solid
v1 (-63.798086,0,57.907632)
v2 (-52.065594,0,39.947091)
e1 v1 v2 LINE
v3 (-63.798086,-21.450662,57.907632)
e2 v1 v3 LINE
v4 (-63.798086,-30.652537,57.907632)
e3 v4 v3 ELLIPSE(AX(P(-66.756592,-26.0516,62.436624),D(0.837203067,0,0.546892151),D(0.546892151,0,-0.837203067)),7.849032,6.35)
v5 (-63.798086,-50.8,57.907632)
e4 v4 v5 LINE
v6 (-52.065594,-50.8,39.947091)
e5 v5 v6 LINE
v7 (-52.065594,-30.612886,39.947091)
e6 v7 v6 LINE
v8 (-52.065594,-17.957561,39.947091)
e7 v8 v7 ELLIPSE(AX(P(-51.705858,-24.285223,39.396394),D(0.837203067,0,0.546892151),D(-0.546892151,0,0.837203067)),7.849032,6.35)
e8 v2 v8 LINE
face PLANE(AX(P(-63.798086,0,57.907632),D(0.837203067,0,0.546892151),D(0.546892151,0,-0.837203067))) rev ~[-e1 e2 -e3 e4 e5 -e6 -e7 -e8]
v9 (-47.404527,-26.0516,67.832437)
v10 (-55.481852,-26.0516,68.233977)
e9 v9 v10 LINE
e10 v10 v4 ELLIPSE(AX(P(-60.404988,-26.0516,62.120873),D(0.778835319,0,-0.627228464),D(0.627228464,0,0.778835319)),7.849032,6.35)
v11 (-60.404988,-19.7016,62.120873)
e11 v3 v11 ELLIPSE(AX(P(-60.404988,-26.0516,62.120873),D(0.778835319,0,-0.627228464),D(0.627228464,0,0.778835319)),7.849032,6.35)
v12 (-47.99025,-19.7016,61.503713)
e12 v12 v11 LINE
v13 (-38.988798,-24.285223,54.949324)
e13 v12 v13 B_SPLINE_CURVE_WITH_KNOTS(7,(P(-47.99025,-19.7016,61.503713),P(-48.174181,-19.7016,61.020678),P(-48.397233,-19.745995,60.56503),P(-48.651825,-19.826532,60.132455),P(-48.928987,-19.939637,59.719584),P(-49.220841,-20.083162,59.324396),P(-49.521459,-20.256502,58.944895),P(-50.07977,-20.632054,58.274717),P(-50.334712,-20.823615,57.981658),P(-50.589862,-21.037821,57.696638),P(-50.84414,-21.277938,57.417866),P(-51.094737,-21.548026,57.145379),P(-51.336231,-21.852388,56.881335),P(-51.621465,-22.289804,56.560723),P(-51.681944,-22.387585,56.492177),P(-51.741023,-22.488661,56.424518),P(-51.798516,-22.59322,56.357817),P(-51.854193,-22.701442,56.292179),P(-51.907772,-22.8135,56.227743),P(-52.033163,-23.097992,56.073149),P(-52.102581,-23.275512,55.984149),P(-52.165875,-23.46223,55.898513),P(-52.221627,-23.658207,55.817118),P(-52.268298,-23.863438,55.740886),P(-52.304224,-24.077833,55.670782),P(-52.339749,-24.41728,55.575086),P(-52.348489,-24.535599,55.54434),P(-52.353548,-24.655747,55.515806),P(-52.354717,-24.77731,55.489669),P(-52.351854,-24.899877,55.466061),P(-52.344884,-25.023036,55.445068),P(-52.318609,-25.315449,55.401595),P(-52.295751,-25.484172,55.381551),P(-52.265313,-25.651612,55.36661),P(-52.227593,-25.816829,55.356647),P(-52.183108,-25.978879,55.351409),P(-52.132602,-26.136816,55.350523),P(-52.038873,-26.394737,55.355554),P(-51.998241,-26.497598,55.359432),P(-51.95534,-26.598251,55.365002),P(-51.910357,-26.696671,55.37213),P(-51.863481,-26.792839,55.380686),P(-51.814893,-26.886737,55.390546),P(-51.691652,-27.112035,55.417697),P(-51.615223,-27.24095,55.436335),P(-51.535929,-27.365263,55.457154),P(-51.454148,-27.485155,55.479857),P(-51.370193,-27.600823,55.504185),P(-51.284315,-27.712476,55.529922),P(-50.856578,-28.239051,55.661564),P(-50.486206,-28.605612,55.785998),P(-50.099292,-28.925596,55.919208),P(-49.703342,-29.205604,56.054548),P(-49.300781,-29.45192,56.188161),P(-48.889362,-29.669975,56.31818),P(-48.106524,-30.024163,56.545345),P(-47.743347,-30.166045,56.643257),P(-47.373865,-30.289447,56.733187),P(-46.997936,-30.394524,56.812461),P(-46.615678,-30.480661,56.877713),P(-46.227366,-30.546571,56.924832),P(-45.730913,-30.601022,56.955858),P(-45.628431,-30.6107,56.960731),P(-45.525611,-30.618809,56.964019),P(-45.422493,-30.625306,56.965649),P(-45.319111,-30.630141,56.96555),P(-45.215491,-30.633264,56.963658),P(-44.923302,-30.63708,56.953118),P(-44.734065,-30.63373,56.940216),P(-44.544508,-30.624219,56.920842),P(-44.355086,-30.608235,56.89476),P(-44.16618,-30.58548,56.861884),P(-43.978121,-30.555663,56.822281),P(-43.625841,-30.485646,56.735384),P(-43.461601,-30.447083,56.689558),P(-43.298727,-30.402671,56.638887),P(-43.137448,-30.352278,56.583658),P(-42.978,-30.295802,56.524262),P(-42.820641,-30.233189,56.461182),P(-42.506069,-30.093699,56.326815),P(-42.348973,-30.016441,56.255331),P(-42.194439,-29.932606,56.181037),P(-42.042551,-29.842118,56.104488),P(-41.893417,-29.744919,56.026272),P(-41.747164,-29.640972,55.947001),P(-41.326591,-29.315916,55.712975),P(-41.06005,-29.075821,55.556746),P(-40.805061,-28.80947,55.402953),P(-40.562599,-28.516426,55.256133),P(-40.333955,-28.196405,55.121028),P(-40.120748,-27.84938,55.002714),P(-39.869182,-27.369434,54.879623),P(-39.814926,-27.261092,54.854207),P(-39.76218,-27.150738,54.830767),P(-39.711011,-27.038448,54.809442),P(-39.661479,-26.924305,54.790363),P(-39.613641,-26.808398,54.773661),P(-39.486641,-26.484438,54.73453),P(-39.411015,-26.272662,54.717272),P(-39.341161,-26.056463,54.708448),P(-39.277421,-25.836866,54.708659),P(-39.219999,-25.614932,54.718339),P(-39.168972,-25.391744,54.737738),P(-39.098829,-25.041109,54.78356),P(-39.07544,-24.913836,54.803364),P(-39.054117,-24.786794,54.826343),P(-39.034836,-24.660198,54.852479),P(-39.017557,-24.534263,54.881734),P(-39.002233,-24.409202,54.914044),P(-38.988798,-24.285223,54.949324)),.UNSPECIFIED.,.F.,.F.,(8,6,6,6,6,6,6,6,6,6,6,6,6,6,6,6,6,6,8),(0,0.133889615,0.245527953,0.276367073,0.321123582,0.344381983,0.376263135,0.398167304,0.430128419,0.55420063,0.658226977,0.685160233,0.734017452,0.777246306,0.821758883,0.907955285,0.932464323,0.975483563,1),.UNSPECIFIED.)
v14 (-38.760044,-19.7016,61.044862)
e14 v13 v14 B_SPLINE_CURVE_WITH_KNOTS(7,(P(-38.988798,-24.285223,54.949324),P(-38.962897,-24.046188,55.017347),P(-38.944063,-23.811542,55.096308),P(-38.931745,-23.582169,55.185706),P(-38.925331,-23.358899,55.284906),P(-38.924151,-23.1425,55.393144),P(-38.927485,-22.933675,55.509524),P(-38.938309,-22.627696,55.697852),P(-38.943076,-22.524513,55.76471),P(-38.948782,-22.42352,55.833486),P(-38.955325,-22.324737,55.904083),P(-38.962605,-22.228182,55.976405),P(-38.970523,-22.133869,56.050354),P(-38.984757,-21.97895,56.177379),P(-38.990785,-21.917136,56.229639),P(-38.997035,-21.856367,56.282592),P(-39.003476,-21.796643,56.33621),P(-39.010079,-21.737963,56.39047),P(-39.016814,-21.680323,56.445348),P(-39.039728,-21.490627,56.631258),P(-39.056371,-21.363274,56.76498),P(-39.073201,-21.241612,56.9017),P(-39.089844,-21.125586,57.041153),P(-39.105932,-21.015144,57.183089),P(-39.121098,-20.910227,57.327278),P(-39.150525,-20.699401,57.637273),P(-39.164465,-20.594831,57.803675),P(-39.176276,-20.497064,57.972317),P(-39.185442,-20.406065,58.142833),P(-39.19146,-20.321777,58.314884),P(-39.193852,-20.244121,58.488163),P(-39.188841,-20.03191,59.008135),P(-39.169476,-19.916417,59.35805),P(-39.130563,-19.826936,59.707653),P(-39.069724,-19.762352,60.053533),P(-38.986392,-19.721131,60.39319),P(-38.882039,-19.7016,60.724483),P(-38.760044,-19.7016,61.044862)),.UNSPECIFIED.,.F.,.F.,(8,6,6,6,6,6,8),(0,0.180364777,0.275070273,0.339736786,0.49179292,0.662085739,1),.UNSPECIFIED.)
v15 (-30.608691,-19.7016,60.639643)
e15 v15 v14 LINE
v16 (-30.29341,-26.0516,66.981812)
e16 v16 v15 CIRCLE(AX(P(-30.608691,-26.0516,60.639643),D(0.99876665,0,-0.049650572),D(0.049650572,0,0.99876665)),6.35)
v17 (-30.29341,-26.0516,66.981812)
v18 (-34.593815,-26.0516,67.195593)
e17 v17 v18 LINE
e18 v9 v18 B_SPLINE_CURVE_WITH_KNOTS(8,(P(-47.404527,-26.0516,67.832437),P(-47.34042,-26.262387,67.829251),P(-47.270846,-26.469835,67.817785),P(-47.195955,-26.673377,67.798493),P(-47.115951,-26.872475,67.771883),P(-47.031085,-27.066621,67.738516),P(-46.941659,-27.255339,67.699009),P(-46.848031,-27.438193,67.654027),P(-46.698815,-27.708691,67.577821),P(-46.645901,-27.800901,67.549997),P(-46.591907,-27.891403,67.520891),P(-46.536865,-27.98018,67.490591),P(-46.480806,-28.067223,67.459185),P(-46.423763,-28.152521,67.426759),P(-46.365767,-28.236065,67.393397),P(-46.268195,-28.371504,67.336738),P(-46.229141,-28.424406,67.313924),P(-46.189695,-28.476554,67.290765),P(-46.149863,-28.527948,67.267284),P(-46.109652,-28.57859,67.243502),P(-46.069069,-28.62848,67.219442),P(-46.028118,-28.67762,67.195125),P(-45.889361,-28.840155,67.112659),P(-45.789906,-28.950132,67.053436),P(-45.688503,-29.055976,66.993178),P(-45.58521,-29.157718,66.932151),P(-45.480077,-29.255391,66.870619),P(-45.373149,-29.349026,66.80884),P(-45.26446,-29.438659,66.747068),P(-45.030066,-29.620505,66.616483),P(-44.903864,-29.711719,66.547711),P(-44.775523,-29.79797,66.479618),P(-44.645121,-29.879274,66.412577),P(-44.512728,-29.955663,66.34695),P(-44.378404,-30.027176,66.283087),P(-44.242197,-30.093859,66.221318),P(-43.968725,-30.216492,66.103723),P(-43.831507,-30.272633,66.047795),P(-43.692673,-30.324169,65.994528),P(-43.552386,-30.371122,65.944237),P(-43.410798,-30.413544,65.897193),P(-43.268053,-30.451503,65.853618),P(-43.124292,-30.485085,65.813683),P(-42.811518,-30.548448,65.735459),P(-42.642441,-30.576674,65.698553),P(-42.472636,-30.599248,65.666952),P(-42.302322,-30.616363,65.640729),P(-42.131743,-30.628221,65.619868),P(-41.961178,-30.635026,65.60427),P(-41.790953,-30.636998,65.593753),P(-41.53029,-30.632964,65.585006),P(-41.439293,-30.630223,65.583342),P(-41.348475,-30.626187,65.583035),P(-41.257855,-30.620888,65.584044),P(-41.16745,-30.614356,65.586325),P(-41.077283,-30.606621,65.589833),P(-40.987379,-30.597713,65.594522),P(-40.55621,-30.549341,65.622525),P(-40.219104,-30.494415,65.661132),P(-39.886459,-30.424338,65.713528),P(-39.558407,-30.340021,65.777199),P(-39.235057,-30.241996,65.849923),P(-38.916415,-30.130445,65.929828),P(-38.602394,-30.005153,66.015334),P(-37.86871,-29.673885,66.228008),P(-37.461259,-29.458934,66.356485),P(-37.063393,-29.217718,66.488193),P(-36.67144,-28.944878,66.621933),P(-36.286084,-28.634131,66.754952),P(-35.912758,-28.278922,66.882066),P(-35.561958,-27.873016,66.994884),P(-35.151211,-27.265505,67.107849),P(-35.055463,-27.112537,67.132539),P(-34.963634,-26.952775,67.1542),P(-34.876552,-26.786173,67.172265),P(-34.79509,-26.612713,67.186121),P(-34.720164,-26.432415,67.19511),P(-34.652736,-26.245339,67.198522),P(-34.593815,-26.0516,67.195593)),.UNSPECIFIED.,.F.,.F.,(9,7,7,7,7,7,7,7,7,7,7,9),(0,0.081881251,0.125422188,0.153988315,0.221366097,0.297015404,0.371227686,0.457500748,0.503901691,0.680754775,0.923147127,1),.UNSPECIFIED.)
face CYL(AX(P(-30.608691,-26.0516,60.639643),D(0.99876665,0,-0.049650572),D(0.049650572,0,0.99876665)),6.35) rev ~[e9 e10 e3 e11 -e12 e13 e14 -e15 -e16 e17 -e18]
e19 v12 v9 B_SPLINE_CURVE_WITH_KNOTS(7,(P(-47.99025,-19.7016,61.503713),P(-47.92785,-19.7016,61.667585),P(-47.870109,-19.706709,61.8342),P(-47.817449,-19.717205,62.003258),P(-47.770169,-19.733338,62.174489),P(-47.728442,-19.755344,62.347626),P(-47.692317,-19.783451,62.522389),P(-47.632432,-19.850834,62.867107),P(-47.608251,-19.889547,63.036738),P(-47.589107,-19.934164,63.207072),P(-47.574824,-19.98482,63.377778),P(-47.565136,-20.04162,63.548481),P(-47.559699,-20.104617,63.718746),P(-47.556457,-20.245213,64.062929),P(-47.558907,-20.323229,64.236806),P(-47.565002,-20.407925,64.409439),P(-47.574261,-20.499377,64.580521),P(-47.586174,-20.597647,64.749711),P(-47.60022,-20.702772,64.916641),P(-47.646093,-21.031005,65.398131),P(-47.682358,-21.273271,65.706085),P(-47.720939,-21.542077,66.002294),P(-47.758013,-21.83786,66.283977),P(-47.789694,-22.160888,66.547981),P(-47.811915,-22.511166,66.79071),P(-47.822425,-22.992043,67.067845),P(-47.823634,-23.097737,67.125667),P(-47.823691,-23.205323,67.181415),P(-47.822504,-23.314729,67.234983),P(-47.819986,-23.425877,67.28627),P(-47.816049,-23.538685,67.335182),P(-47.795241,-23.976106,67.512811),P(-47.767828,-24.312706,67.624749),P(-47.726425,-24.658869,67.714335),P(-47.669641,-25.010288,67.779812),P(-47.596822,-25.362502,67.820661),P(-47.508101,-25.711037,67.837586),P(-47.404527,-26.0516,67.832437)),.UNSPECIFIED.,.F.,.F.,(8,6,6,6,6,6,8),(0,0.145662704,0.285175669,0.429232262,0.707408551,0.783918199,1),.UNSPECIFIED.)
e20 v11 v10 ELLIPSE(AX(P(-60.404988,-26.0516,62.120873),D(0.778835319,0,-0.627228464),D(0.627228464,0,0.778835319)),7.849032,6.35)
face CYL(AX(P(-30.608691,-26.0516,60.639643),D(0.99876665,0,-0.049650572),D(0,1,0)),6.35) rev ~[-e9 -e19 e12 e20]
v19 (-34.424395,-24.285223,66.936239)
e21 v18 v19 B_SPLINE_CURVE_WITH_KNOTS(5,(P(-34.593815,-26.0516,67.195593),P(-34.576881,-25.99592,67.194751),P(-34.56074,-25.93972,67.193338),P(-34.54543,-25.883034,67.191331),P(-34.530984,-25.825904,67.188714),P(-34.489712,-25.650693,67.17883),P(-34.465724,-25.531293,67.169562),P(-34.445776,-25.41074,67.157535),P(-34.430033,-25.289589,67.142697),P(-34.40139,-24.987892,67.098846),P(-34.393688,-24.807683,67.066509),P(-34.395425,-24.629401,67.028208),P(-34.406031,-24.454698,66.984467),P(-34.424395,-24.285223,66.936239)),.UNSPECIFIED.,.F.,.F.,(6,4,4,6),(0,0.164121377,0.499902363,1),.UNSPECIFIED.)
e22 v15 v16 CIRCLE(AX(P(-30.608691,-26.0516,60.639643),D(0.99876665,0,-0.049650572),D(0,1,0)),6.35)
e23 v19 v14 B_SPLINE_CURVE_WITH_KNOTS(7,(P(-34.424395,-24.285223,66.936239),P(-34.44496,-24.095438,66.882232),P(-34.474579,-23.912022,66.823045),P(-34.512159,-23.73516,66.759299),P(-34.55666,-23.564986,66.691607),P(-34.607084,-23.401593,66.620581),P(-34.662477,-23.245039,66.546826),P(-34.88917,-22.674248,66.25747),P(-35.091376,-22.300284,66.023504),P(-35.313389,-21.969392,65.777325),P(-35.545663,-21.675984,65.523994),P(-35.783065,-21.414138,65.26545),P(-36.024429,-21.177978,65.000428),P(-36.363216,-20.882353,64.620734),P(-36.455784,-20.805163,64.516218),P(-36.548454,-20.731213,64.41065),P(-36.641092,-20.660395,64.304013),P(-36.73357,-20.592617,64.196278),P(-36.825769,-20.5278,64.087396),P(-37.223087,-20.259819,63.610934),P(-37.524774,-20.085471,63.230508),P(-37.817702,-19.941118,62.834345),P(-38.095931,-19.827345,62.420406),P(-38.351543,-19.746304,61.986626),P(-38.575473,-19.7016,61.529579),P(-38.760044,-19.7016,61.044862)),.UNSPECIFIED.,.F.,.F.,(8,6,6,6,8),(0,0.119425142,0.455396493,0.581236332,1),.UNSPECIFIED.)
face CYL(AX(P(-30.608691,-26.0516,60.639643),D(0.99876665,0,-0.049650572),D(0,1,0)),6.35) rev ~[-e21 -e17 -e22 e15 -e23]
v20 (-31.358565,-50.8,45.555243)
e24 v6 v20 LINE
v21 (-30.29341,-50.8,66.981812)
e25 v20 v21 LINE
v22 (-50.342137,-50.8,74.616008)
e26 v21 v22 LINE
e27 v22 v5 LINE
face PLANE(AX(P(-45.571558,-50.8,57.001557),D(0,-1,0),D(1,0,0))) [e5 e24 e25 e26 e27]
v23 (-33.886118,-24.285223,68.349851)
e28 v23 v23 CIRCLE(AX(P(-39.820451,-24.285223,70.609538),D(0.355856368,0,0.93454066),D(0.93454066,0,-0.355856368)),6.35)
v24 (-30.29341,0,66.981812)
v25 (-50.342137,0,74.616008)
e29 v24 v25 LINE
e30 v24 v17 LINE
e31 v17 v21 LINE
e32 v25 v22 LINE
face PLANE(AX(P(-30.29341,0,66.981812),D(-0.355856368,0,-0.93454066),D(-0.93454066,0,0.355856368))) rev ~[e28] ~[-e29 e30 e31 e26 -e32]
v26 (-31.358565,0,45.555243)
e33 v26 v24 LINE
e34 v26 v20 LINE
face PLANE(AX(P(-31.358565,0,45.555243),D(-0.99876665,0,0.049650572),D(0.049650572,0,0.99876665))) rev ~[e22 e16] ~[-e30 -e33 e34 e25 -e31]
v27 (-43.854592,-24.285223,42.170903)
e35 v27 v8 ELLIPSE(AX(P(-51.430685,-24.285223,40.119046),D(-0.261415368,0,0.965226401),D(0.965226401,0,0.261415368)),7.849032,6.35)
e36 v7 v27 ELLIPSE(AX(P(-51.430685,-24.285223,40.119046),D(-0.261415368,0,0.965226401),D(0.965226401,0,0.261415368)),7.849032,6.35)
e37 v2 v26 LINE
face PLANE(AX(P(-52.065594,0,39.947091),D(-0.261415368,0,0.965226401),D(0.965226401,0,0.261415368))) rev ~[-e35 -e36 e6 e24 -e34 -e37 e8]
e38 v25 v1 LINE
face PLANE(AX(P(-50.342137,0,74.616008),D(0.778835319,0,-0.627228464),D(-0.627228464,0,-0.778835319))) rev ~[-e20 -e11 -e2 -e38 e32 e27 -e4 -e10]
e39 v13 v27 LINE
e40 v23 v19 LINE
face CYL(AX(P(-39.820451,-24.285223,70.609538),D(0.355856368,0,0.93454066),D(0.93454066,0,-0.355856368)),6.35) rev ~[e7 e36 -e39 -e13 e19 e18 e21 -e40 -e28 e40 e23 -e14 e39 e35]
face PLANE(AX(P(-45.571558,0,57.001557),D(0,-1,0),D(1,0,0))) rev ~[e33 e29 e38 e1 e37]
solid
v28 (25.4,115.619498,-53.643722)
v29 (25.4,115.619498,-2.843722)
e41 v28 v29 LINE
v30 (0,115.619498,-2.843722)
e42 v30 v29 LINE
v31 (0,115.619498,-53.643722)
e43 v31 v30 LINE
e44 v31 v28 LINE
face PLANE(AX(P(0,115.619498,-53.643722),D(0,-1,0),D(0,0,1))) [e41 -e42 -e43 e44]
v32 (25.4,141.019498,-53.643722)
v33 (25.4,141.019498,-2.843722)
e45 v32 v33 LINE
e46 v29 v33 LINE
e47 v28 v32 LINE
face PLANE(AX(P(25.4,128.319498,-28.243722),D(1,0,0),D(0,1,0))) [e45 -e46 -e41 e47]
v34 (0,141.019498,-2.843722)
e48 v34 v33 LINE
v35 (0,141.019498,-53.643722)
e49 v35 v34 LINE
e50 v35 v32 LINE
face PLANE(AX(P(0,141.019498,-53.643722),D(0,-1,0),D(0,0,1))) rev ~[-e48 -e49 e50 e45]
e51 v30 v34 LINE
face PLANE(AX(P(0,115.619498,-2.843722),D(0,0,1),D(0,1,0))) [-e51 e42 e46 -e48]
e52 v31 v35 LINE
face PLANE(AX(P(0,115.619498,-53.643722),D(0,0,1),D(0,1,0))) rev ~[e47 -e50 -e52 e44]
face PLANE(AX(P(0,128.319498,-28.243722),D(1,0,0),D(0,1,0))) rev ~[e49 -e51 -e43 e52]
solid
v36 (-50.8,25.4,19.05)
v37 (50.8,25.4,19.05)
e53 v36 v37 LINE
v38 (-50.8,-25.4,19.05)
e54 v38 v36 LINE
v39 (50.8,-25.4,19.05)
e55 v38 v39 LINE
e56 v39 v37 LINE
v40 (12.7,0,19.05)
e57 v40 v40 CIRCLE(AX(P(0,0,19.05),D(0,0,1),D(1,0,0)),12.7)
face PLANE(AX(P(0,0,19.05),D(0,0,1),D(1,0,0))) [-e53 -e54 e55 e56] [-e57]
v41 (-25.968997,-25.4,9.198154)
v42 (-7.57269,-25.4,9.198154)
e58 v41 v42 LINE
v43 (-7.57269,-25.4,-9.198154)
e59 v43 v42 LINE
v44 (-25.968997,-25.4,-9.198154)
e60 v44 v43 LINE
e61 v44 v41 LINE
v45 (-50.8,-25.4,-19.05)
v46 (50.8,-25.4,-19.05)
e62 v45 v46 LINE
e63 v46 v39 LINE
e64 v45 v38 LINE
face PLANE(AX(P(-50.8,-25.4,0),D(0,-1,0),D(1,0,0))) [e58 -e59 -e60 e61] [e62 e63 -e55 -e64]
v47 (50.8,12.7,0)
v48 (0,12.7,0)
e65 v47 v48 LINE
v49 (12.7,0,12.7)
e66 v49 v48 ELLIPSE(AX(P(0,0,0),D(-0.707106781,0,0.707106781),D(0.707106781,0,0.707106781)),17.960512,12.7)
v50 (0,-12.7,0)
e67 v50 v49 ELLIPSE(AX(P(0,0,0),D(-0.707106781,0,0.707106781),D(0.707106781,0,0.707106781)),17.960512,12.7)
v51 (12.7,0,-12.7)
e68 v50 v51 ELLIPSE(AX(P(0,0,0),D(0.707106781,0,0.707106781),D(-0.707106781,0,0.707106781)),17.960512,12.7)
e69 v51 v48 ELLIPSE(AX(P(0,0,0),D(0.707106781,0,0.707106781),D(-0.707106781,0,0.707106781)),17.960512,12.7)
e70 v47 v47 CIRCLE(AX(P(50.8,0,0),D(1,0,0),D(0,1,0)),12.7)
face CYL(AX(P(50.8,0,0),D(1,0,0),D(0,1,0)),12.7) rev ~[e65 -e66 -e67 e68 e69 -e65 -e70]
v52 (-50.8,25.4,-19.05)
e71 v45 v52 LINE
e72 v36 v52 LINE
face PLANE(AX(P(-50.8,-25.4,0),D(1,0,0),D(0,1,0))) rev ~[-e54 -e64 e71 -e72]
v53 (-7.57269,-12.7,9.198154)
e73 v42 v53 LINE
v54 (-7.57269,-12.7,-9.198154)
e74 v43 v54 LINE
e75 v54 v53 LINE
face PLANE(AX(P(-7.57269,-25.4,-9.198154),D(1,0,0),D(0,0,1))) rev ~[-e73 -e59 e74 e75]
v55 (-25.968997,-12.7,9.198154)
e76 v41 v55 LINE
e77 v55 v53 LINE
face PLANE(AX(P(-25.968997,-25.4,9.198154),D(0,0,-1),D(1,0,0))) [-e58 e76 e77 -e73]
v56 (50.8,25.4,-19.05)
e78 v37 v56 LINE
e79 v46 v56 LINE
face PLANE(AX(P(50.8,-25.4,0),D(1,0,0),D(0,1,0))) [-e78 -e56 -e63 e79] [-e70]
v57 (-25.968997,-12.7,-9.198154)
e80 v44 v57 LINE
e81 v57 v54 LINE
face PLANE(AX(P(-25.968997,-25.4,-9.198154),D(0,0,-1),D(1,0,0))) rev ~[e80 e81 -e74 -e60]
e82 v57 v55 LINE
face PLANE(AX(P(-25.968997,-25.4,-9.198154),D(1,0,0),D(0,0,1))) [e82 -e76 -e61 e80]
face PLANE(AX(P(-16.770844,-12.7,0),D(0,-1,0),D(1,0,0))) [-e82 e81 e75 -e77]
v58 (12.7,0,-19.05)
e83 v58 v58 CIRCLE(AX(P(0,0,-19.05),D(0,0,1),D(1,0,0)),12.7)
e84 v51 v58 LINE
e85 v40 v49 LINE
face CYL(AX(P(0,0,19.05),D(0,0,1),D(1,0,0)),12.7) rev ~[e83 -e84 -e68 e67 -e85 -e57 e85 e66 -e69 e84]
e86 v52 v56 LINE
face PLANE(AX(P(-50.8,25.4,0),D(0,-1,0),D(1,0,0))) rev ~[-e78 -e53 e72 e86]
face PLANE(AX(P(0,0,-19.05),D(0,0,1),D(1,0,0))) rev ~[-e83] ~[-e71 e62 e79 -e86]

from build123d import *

# Parameters (mm, degrees)
F0_W      = 101.6
F0_H      = 50.8
F1_DEPTH  = 19.05
F2_R      = 12.7
F3_DEPTH  = 38.101
F4_R      = 12.7
F5_DEPTH  = 50.8
F7_DEPTH  = 50.8
F8_R      = 6.35
F9_DEPTH  = 92.3240785944
F11_DEPTH = 33.8433961016
F12_W     = 18.3963073453
F12_H     = 18.3963073453
F13_DEPTH = 12.7
F14_W     = 25.4
F14_H     = 50.8
F15_DEPTH = 25.4


with BuildPart() as f1:
    # F0 (on Top) → F1 (new body, symmetric)
    with BuildSketch(Plane.XY):
        Rectangle(F0_W, F0_H)
    extrude(amount=F1_DEPTH, both=True)

    # F2 (on face) → F3 (cut, through all)
    with BuildSketch(Plane.XY.offset(19.05)):
        Circle(F2_R)
    extrude(amount=-F3_DEPTH, mode=Mode.SUBTRACT)

    # F4 (on face) → F5 (cut)
    with BuildSketch(Plane.YZ.offset(50.8)):
        Circle(F4_R)
    extrude(amount=-F5_DEPTH, mode=Mode.SUBTRACT)

    # F12 (on face) → F13 (cut)
    with BuildSketch(Plane.XZ.offset(25.4)):
        with Locations((-16.7708438105, 0)):
            Rectangle(F12_W, F12_H)
    extrude(amount=-F13_DEPTH, mode=Mode.SUBTRACT)


with BuildPart() as f7:
    # F6 (on Front) → F7 (new body)
    with BuildSketch(Plane.XZ):
        Polygon((-52.0655937411, 39.9470913544), (-31.3585646532, 45.5552425847), (-30.293409534, 66.981811569), (-50.3421365549, 74.6160082333), (-63.7980864042, 57.9076322644), align=None)
    extrude(amount=F7_DEPTH)

    # F8 (on face) → F9 (cut, through all)
    with BuildSketch(Plane(origin=(18.4394534552, 0, 48.4252089633), x_dir=(0.9345406599, 0, -0.3558563684), z_dir=(0.3558563684, 0, 0.9345406599))):
        with Locations((-62.3406842351, -24.285223335)):
            Circle(F8_R)
    extrude(amount=-F9_DEPTH, mode=Mode.SUBTRACT)

    # F10 (on face) → F11 (cut, through all)
    with BuildSketch(Plane(origin=(-33.5403143827, 0, 1.6673522295), x_dir=(0, 1, 0), z_dir=(0.9987666498, 0, -0.0496505722))):
        with BuildLine():
            ThreePointArc((-26.0515995324, 65.3951144193), (-30.5417275929, 54.5549863587), (-19.7015995324, 59.0451144193))
            ThreePointArc((-19.7015995324, 59.0451144193), (-21.5614714718, 63.5352424798), (-26.0515995324, 65.3951144193))
        make_face()
    extrude(amount=-F11_DEPTH, mode=Mode.SUBTRACT)


with BuildPart() as f15:
    # F14 (on Right) → F15 (new body)
    with BuildSketch(Plane.YZ):
        with Locations((128.3194981515, -28.2437220309)):
            Rectangle(F14_W, F14_H)
    extrude(amount=F15_DEPTH)


solid = Compound([f1.part, f7.part, f15.part])
